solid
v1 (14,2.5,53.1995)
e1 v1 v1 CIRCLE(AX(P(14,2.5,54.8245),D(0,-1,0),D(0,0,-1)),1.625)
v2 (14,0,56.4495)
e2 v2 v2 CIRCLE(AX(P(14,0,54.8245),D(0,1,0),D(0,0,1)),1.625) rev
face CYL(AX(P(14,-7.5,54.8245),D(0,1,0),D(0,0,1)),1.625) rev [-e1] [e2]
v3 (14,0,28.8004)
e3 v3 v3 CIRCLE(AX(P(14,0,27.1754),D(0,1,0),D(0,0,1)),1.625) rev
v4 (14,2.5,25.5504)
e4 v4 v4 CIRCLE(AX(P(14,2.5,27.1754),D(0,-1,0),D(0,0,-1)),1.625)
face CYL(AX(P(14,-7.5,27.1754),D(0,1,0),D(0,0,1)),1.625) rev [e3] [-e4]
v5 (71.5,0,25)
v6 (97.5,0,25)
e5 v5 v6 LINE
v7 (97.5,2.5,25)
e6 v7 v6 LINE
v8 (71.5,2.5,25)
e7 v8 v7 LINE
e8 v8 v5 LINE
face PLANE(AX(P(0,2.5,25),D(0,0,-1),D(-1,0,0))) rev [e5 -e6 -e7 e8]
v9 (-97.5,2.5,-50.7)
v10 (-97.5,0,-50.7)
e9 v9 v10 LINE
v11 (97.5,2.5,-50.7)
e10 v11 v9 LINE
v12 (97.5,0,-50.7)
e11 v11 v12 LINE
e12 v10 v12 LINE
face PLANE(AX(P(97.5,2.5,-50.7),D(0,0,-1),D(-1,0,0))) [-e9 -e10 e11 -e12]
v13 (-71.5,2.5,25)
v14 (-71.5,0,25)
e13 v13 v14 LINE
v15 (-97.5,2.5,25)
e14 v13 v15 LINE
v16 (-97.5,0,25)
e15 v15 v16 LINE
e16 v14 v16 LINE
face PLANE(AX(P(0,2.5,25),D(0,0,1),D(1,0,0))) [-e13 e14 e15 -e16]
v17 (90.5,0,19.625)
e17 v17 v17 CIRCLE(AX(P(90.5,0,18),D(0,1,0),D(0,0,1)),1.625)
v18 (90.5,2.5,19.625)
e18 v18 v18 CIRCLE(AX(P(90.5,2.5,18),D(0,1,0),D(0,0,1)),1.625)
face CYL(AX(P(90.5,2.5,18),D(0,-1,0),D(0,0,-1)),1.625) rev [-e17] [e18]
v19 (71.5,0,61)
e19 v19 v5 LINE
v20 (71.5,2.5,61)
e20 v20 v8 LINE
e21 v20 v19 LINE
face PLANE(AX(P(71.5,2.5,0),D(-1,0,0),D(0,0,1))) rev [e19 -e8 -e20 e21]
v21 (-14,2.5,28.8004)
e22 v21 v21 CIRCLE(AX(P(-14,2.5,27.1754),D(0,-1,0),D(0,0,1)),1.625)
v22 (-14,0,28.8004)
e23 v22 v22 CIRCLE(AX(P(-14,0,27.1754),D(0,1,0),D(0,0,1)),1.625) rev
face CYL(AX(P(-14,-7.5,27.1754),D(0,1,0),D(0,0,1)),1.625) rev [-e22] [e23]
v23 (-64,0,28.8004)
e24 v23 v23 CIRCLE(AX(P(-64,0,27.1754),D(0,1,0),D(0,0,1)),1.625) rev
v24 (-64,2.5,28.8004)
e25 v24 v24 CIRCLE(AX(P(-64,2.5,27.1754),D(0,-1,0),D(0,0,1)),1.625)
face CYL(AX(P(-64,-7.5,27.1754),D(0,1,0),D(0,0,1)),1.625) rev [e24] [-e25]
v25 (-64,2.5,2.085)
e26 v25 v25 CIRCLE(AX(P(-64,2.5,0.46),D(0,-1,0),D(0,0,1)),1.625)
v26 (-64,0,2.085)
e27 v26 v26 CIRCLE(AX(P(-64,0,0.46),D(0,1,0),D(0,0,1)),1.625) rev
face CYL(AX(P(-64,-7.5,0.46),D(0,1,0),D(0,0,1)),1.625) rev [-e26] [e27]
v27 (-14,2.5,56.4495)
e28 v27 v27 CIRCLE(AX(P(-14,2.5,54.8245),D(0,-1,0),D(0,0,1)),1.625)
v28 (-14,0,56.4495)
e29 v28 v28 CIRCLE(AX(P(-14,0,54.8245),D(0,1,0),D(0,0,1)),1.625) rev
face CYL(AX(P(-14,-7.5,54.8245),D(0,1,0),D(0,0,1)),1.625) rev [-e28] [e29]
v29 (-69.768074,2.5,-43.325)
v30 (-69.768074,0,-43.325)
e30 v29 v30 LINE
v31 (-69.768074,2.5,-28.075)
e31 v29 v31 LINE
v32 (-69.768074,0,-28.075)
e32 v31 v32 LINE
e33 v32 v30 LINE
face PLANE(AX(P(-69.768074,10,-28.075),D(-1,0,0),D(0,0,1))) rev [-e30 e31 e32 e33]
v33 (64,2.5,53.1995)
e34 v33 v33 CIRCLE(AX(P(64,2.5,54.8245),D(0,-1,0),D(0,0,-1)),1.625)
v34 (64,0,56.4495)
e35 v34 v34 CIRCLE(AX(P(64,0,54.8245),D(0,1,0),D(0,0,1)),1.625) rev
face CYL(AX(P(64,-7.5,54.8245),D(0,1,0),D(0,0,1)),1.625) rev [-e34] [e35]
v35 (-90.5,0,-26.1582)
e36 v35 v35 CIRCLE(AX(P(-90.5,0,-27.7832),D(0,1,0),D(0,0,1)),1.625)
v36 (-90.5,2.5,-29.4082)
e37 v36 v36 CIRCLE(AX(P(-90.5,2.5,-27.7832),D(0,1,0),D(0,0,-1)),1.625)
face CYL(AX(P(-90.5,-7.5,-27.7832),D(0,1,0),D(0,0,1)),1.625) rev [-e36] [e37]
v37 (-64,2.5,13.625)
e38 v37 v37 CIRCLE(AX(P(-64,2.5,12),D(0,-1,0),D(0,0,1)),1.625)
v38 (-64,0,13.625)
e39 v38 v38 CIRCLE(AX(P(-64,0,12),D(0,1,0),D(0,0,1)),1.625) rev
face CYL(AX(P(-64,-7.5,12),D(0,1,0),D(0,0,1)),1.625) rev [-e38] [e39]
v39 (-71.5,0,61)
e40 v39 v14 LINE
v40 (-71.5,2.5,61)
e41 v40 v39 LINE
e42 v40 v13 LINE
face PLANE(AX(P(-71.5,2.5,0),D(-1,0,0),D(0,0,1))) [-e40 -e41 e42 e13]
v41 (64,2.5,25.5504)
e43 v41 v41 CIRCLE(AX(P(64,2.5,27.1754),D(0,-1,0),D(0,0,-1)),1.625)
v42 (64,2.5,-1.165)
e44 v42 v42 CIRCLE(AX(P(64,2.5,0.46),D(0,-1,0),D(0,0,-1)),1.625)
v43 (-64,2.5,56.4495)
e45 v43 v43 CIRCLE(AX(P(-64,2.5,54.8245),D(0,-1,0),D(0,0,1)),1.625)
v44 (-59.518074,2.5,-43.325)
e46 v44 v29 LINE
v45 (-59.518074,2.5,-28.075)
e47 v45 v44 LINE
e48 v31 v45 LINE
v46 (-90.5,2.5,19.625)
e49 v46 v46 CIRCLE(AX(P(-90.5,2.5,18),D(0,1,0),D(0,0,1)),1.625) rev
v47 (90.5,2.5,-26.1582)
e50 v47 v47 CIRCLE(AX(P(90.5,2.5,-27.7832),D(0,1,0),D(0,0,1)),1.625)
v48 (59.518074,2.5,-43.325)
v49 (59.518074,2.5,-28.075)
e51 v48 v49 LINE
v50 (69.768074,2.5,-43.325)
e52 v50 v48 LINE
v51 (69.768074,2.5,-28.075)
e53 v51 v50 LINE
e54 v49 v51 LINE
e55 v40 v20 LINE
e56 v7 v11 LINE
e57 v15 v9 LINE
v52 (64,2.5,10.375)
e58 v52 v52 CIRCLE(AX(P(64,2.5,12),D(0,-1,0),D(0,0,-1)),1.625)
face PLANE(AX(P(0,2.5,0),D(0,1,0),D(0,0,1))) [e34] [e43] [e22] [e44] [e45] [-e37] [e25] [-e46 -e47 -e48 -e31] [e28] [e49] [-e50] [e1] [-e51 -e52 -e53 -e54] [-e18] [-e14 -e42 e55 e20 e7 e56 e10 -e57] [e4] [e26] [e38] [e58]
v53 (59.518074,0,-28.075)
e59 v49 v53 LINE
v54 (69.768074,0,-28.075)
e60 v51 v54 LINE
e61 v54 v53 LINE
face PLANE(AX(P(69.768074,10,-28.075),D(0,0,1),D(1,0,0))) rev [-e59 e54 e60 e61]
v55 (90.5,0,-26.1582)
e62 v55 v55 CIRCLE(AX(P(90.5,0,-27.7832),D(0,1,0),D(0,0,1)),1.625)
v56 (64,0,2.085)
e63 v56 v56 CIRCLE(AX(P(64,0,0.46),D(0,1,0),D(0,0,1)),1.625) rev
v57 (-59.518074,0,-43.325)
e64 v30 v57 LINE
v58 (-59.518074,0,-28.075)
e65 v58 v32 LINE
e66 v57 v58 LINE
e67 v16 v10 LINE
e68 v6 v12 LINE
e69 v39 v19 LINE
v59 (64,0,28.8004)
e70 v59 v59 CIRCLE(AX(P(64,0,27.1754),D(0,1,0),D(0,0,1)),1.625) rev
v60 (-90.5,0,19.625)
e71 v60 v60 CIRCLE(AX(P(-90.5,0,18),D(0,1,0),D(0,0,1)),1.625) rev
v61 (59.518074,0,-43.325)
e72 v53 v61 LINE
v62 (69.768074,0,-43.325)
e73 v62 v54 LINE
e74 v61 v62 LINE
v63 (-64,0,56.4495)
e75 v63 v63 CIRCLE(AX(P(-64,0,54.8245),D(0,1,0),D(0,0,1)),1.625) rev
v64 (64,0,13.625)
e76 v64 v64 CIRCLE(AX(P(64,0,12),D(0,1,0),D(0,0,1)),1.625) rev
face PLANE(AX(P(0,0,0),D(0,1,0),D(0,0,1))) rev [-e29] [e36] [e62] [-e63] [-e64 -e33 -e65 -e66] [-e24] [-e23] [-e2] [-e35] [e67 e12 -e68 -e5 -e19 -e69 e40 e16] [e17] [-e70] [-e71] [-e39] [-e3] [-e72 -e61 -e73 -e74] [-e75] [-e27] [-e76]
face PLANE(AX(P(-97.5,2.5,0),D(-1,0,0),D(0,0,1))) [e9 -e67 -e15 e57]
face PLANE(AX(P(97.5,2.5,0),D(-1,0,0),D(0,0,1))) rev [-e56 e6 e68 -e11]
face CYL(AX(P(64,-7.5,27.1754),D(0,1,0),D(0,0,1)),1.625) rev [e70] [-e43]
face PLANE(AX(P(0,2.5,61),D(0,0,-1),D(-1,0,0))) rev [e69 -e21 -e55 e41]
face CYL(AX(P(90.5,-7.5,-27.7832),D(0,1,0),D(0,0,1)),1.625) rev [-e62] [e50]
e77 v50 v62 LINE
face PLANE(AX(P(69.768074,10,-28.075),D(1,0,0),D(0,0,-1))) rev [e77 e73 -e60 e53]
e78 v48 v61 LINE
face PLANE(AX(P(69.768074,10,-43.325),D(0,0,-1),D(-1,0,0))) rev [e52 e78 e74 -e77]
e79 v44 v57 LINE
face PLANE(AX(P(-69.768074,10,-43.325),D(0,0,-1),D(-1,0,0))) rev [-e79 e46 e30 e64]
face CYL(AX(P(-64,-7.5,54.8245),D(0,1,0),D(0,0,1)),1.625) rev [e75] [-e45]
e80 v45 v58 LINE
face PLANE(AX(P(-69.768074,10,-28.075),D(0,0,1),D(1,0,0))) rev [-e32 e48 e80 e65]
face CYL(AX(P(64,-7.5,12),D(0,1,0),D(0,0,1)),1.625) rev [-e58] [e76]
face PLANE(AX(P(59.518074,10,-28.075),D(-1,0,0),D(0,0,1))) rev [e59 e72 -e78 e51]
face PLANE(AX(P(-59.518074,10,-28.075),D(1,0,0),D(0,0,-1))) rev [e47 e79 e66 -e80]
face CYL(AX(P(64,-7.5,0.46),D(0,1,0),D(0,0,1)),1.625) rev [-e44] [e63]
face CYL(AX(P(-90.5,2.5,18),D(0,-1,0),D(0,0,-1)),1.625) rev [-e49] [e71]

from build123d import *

# Parameters (mm, degrees)
CROQUIS1_R              = 1.625
CUERPO_INICIAL_DEPTH    = 2.5
SALIENTE_EXTRUIR2_DEPTH = 195
CROQUIS7_R              = 1.625
CORTAR_EXTRUIR2_DEPTH   = 10
CROQUIS10_R             = 1.625
CORTAR_EXTRUIR7_DEPTH   = 10
CROQUIS11_W             = 10.25
CROQUIS11_H             = 15.25
CORTAR_EXTRUIR8_DEPTH   = 10
SALIENTE_EXTRUIR3_DEPTH = 195


with BuildPart() as part:
    # Croquis1 → Cuerpo Inicial (new body)
    with BuildSketch(Plane(origin=(0, 0, 0), x_dir=(1, 0, 0), z_dir=(0, 1, 0))):
        Polygon((-71.5, -25), (-71.5, -61), (71.5, -61), (71.5, -25), (97.5, -25), (97.5, 0), (97.5, 1), (97.5, 5.7), (45, 5.7), (-45, 5.7), (-97.5, 5.7), (-97.5, 1), (-97.5, 0), (-97.5, -25), align=None)
        with Locations(Location((-90.5, -18, 0), (0, 0, 270))):
            Circle(CROQUIS1_R, mode=Mode.SUBTRACT)
        with Locations(Location((90.5, -18, 0), (0, 0, 270))):
            Circle(CROQUIS1_R, mode=Mode.SUBTRACT)
    extrude(amount=CUERPO_INICIAL_DEPTH)

    # Croquis3 → Saliente-Extruir2 (add)
    with BuildSketch(Plane(origin=(97.5, 0, 0), x_dir=(0, 0, -1), z_dir=(1, 0, 0))):
        Polygon((5.7, 2.5), (47.783199952, 2.5), (50.7, 0), (5.7, 0), align=None)
    extrude(amount=-SALIENTE_EXTRUIR2_DEPTH)

    # Croquis7 → Cortar-Extruir2 (cut)
    with BuildSketch(Plane(origin=(0, 2.5, 0), x_dir=(1, 0, 0), z_dir=(0, 1, 0))):
        with Locations(Location((90.5, 27.783199952, 0), (0, 0, 270))):
            Circle(CROQUIS7_R)
        with Locations(Location((-90.5, 27.783199952, 0), (0, 0, 270))):
            Circle(CROQUIS7_R)
    extrude(amount=-CORTAR_EXTRUIR2_DEPTH, mode=Mode.SUBTRACT)

    # Croquis10 → Cortar-Extruir7 (cut)
    with BuildSketch(Plane(origin=(0, 2.5, -2.5), x_dir=(1, 0, 0), z_dir=(0, -1, 0))):
        with Locations(Location((64, 2.96, 0), (0, 0, 90))):
            Circle(CROQUIS10_R)
        with Locations(Location((64, 14.5, 0), (0, 0, 90))):
            Circle(CROQUIS10_R)
        with Locations(Location((-64, 2.96, 0), (0, 0, 90))):
            Circle(CROQUIS10_R)
        with Locations(Location((-64, 14.5, 0), (0, 0, 90))):
            Circle(CROQUIS10_R)
        with Locations(Location((64, 29.6754, 0), (0, 0, 90))):
            Circle(CROQUIS10_R)
        with Locations(Location((64, 57.3245, 0), (0, 0, 90))):
            Circle(CROQUIS10_R)
        with Locations(Location((-64, 57.3245, 0), (0, 0, 90))):
            Circle(CROQUIS10_R)
        with Locations(Location((-64, 29.6754, 0), (0, 0, 90))):
            Circle(CROQUIS10_R)
        with Locations(Location((14, 29.6754, 0), (0, 0, 90))):
            Circle(CROQUIS10_R)
        with Locations(Location((14, 57.3245, 0), (0, 0, 90))):
            Circle(CROQUIS10_R)
        with Locations(Location((-14, 57.3245, 0), (0, 0, 90))):
            Circle(CROQUIS10_R)
        with Locations(Location((-14, 29.6754, 0), (0, 0, 90))):
            Circle(CROQUIS10_R)
    extrude(amount=CORTAR_EXTRUIR7_DEPTH, mode=Mode.SUBTRACT)

    # Croquis11 → Cortar-Extruir8 (cut)
    with BuildSketch(Plane.XZ):
        with Locations((-64.64307361, -35.7)):
            Rectangle(CROQUIS11_W, CROQUIS11_H)
        with Locations((64.64307361, -35.7)):
            Rectangle(CROQUIS11_W, CROQUIS11_H)
    extrude(amount=-CORTAR_EXTRUIR8_DEPTH, mode=Mode.SUBTRACT)

    # Croquis12 → Saliente-Extruir3 (add)
    with BuildSketch(Plane.ZY.offset(97.5)):
        Polygon((-50.7, 0), (-47.783199952, 2.5), (-50.7, 2.5), align=None)
    extrude(amount=-SALIENTE_EXTRUIR3_DEPTH)


solid = part.part
